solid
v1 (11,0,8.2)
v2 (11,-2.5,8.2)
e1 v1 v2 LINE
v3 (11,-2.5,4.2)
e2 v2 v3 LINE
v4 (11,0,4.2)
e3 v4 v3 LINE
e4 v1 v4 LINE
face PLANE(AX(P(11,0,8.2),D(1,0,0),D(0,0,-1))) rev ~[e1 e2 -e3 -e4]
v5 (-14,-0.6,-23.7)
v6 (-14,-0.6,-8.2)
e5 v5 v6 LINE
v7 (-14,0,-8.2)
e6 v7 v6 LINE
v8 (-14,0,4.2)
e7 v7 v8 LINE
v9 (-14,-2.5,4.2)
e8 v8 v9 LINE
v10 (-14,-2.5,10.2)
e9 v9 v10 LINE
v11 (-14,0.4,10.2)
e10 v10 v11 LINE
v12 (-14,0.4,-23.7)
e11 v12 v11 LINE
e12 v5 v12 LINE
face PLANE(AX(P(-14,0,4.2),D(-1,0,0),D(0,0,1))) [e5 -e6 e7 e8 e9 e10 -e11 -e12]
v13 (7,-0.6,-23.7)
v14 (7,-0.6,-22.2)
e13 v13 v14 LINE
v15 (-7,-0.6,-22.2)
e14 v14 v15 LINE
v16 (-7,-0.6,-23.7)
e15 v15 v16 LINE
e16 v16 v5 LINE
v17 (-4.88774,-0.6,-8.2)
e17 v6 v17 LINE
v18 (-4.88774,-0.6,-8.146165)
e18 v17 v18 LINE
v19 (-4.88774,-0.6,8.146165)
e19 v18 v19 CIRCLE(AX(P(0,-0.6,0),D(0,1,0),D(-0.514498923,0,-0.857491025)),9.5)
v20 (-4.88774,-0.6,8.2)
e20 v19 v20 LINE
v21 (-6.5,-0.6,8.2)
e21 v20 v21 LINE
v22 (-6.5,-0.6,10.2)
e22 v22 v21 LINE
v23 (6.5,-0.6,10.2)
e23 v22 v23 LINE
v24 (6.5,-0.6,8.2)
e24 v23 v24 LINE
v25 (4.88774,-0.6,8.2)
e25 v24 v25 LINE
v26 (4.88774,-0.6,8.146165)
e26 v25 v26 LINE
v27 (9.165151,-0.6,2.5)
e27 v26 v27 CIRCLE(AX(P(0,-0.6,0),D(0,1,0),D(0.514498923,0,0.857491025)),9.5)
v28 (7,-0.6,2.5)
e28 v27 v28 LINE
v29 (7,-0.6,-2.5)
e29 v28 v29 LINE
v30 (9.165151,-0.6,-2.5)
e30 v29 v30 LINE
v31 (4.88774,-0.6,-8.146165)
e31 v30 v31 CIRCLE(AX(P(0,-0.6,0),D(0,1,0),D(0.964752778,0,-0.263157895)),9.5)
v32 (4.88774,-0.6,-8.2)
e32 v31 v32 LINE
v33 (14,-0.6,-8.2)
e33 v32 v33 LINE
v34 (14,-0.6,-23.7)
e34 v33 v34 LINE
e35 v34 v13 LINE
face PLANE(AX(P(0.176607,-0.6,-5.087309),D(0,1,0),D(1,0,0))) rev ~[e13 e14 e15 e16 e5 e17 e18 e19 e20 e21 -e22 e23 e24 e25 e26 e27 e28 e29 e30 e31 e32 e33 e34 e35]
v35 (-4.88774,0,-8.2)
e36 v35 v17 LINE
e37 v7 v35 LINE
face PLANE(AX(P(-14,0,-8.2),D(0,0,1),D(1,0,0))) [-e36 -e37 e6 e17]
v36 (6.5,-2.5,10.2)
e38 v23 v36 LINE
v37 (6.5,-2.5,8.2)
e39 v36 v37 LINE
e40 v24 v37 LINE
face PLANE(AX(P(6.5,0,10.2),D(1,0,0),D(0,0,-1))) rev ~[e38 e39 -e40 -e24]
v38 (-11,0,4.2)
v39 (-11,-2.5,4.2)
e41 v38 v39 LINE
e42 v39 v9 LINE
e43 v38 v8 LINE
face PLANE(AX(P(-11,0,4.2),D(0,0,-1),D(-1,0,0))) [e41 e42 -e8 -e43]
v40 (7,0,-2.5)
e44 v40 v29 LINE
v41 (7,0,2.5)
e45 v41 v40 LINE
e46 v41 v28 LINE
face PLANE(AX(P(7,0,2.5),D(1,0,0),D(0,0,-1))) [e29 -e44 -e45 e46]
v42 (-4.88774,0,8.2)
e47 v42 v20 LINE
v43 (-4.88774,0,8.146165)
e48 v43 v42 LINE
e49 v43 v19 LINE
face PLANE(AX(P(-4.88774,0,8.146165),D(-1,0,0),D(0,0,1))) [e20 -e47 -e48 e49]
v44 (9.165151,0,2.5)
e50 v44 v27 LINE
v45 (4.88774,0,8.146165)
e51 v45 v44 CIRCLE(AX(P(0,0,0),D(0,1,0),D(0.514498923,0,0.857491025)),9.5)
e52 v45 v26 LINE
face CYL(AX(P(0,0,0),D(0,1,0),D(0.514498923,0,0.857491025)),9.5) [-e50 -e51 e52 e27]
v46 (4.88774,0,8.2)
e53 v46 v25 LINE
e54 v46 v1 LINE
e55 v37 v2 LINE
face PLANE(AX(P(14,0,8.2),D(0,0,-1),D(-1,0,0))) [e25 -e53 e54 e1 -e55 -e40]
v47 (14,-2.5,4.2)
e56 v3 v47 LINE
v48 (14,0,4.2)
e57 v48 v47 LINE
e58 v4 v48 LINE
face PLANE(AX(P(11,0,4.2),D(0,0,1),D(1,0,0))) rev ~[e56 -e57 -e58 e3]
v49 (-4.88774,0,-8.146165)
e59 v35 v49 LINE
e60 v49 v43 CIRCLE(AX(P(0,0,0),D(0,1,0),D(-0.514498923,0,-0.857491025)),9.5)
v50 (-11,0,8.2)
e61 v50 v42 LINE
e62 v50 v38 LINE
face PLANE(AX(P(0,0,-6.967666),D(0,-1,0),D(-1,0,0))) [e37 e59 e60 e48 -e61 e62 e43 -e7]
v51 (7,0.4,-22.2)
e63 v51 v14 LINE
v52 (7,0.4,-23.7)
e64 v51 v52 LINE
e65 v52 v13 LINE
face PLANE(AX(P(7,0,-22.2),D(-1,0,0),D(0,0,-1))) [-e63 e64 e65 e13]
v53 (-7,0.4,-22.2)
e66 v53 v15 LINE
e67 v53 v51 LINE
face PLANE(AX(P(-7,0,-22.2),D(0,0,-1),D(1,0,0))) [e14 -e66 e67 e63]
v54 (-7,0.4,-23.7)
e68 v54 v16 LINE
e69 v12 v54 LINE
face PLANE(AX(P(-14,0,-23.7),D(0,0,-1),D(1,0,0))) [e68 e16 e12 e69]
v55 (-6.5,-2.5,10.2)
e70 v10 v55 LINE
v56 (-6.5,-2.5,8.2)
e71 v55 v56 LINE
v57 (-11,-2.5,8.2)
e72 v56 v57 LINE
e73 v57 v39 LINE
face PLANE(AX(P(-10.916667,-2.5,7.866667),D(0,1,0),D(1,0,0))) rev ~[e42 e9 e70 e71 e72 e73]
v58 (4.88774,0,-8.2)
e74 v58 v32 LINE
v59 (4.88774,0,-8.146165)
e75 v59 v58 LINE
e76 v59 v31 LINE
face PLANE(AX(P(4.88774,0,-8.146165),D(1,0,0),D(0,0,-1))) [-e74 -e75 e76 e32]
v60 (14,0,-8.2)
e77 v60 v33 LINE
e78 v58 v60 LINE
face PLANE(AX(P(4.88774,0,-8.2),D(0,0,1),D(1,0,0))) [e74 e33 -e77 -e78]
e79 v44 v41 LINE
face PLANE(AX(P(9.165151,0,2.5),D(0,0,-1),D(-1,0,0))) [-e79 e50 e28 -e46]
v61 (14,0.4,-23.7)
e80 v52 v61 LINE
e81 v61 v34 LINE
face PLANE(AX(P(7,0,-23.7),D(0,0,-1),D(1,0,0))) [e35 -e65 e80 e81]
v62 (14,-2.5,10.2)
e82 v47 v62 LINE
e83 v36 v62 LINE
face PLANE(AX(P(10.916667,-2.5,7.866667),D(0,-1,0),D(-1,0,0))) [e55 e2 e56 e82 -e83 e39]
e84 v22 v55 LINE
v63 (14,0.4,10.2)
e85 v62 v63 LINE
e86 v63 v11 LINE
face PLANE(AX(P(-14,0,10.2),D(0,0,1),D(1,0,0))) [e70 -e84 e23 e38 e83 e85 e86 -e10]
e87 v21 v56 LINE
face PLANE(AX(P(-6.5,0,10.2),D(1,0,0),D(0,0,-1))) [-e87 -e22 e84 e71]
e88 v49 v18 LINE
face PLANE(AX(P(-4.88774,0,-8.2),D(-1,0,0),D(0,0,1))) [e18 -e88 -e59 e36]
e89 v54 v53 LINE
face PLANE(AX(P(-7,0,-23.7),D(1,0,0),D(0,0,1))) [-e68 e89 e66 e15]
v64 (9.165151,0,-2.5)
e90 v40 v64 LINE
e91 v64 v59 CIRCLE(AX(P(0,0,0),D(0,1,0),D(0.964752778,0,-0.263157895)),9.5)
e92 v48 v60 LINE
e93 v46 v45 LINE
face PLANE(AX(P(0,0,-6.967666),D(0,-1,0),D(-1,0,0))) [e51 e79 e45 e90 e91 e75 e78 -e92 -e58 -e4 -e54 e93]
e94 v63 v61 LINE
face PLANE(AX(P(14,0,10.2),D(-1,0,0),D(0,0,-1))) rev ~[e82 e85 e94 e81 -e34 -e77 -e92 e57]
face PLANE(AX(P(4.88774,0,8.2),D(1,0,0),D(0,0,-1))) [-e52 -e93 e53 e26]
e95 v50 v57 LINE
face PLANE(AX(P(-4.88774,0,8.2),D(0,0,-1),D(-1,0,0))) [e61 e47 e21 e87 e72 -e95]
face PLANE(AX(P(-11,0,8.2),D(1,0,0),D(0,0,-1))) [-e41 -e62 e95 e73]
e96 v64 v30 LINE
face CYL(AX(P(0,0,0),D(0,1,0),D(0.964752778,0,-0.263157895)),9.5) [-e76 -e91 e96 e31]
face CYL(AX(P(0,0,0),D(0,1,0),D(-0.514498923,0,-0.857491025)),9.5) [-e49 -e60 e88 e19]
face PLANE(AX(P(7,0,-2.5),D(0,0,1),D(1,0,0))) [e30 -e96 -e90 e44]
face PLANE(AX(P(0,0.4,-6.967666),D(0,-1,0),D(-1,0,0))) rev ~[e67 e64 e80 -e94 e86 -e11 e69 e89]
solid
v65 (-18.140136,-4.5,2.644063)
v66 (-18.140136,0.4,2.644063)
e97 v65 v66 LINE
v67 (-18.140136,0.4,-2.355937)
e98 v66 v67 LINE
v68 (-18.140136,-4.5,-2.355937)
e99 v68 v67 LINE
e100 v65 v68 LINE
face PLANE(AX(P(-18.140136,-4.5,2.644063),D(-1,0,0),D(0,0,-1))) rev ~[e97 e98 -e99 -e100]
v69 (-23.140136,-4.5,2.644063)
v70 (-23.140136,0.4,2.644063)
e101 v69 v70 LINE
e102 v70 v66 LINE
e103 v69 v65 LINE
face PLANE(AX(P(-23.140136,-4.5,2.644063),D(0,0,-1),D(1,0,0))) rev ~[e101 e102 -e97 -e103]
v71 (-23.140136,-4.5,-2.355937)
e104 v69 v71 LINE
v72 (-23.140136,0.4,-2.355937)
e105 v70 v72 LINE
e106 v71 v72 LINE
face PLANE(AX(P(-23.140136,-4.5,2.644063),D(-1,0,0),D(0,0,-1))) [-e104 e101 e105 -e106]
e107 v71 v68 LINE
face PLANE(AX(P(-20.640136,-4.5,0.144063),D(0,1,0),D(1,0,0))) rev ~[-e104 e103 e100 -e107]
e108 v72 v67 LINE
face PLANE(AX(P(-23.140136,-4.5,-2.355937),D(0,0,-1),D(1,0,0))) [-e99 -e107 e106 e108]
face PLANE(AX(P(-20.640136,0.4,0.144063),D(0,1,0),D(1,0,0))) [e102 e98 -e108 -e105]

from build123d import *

# Parameters (mm, degrees)
BOSS_EXTRUDE1_DEPTH      = 0.6
BOSS_EXTRUDE3_DEPTH      = 0.4
BOSS_EXTRUDE3_DEPTH_BACK = 4.5
SKETCH3_W                = 5
SKETCH3_H                = 5
BOSS_EXTRUDE5_DEPTH      = 0.4
BOSS_EXTRUDE6_DEPTH      = 2.5


with BuildPart() as part:
    # Sketch1 → Boss-Extrude1 (new body)
    with BuildSketch(Plane(origin=(0, 0, 0), x_dir=(1, 0, 0), z_dir=(0, 1, 0))):
        with BuildLine():
            Line((-4.887739764, -8.146164742), (-4.887739764, -8.2))
            Line((-4.887739764, -8.2), (-14, -8.2))
            Line((-14, -8.2), (-14, -10.2))
            Line((-14, -10.2), (14, -10.2))
            Line((14, -10.2), (14, -8.2))
            Line((14, -8.2), (4.887739764, -8.2))
            Line((4.887739764, -8.2), (4.887739764, -8.146164742))
            ThreePointArc((4.887739764, -8.146164742), (7.572366309, -5.736660046), (9.16515139, -2.5))
            Line((9.16515139, -2.5), (7, -2.5))
            Line((7, -2.5), (7, 2.5))
            Line((7, 2.5), (9.16515139, 2.5))
            ThreePointArc((9.16515139, 2.5), (7.572366309, 5.736660046), (4.887739764, 8.146164742))
            Line((4.887739764, 8.146164742), (4.887739764, 8.2))
            Line((4.887739764, 8.2), (14, 8.2))
            Line((14, 8.2), (14, 11.2))
            Line((14, 11.2), (14, 21.7))
            Line((14, 21.7), (14, 23.7))
            Line((14, 23.7), (7, 23.7))
            Line((7, 23.7), (7, 22.2))
            Line((7, 22.2), (-7, 22.2))
            Line((-7, 22.2), (-7, 23.7))
            Line((-7, 23.7), (-14, 23.7))
            Line((-14, 23.7), (-14, 23.208379168))
            Line((-14, 23.208379168), (-14, 11.208379168))
            Line((-14, 11.208379168), (-14, 8.2))
            Line((-14, 8.2), (-4.887739764, 8.2))
            Line((-4.887739764, 8.2), (-4.887739764, 8.146164742))
            ThreePointArc((-4.887739764, 8.146164742), (-9.5, 0), (-4.887739764, -8.146164742))
        make_face()
    extrude(amount=-BOSS_EXTRUDE1_DEPTH)

    # Sketch4 → Boss-Extrude5 (add)
    with BuildSketch(Plane(origin=(0, 0, 0), x_dir=(1, 0, 0), z_dir=(0, 1, 0))):
        Polygon((-14, 23.7), (-7, 23.7), (-7, 22.2), (7, 22.2), (7, 23.7), (14, 23.7), (14, 22.2), (14, -10.2), (-14, -10.2), (-14, 22.2), align=None)
    extrude(amount=BOSS_EXTRUDE5_DEPTH)

    # Sketch5 → Boss-Extrude6 (add)
    with BuildSketch(Plane(origin=(0, 0, 0), x_dir=(1, 0, 0), z_dir=(0, 1, 0))):
        Polygon((-11, -8.2), (-11, -4.2), (-14, -4.2), (-14, -10.2), (-9.887739764, -10.2), (-6.5, -10.2), (-6.5, -8.2), align=None)
        Polygon((9.887739764, -10.2), (6.5, -10.2), (6.5, -8.2), (11, -8.2), (11, -4.2), (14, -4.2), (14, -10.2), align=None)
    extrude(amount=-BOSS_EXTRUDE6_DEPTH)


with BuildPart() as body_2:
    # Sketch3 → Boss-Extrude3 (new, two sides: drawn at the far end of the back side and taken through both)
    with BuildSketch(Plane(origin=(0, 0, 0), x_dir=(1, 0, 0), z_dir=(0, 1, 0)).offset(-BOSS_EXTRUDE3_DEPTH_BACK)):
        with Locations((-20.640136174, -0.144063269)):
            Rectangle(SKETCH3_W, SKETCH3_H)
    extrude(amount=BOSS_EXTRUDE3_DEPTH + BOSS_EXTRUDE3_DEPTH_BACK)


solid = Compound([part.part, body_2.part])
